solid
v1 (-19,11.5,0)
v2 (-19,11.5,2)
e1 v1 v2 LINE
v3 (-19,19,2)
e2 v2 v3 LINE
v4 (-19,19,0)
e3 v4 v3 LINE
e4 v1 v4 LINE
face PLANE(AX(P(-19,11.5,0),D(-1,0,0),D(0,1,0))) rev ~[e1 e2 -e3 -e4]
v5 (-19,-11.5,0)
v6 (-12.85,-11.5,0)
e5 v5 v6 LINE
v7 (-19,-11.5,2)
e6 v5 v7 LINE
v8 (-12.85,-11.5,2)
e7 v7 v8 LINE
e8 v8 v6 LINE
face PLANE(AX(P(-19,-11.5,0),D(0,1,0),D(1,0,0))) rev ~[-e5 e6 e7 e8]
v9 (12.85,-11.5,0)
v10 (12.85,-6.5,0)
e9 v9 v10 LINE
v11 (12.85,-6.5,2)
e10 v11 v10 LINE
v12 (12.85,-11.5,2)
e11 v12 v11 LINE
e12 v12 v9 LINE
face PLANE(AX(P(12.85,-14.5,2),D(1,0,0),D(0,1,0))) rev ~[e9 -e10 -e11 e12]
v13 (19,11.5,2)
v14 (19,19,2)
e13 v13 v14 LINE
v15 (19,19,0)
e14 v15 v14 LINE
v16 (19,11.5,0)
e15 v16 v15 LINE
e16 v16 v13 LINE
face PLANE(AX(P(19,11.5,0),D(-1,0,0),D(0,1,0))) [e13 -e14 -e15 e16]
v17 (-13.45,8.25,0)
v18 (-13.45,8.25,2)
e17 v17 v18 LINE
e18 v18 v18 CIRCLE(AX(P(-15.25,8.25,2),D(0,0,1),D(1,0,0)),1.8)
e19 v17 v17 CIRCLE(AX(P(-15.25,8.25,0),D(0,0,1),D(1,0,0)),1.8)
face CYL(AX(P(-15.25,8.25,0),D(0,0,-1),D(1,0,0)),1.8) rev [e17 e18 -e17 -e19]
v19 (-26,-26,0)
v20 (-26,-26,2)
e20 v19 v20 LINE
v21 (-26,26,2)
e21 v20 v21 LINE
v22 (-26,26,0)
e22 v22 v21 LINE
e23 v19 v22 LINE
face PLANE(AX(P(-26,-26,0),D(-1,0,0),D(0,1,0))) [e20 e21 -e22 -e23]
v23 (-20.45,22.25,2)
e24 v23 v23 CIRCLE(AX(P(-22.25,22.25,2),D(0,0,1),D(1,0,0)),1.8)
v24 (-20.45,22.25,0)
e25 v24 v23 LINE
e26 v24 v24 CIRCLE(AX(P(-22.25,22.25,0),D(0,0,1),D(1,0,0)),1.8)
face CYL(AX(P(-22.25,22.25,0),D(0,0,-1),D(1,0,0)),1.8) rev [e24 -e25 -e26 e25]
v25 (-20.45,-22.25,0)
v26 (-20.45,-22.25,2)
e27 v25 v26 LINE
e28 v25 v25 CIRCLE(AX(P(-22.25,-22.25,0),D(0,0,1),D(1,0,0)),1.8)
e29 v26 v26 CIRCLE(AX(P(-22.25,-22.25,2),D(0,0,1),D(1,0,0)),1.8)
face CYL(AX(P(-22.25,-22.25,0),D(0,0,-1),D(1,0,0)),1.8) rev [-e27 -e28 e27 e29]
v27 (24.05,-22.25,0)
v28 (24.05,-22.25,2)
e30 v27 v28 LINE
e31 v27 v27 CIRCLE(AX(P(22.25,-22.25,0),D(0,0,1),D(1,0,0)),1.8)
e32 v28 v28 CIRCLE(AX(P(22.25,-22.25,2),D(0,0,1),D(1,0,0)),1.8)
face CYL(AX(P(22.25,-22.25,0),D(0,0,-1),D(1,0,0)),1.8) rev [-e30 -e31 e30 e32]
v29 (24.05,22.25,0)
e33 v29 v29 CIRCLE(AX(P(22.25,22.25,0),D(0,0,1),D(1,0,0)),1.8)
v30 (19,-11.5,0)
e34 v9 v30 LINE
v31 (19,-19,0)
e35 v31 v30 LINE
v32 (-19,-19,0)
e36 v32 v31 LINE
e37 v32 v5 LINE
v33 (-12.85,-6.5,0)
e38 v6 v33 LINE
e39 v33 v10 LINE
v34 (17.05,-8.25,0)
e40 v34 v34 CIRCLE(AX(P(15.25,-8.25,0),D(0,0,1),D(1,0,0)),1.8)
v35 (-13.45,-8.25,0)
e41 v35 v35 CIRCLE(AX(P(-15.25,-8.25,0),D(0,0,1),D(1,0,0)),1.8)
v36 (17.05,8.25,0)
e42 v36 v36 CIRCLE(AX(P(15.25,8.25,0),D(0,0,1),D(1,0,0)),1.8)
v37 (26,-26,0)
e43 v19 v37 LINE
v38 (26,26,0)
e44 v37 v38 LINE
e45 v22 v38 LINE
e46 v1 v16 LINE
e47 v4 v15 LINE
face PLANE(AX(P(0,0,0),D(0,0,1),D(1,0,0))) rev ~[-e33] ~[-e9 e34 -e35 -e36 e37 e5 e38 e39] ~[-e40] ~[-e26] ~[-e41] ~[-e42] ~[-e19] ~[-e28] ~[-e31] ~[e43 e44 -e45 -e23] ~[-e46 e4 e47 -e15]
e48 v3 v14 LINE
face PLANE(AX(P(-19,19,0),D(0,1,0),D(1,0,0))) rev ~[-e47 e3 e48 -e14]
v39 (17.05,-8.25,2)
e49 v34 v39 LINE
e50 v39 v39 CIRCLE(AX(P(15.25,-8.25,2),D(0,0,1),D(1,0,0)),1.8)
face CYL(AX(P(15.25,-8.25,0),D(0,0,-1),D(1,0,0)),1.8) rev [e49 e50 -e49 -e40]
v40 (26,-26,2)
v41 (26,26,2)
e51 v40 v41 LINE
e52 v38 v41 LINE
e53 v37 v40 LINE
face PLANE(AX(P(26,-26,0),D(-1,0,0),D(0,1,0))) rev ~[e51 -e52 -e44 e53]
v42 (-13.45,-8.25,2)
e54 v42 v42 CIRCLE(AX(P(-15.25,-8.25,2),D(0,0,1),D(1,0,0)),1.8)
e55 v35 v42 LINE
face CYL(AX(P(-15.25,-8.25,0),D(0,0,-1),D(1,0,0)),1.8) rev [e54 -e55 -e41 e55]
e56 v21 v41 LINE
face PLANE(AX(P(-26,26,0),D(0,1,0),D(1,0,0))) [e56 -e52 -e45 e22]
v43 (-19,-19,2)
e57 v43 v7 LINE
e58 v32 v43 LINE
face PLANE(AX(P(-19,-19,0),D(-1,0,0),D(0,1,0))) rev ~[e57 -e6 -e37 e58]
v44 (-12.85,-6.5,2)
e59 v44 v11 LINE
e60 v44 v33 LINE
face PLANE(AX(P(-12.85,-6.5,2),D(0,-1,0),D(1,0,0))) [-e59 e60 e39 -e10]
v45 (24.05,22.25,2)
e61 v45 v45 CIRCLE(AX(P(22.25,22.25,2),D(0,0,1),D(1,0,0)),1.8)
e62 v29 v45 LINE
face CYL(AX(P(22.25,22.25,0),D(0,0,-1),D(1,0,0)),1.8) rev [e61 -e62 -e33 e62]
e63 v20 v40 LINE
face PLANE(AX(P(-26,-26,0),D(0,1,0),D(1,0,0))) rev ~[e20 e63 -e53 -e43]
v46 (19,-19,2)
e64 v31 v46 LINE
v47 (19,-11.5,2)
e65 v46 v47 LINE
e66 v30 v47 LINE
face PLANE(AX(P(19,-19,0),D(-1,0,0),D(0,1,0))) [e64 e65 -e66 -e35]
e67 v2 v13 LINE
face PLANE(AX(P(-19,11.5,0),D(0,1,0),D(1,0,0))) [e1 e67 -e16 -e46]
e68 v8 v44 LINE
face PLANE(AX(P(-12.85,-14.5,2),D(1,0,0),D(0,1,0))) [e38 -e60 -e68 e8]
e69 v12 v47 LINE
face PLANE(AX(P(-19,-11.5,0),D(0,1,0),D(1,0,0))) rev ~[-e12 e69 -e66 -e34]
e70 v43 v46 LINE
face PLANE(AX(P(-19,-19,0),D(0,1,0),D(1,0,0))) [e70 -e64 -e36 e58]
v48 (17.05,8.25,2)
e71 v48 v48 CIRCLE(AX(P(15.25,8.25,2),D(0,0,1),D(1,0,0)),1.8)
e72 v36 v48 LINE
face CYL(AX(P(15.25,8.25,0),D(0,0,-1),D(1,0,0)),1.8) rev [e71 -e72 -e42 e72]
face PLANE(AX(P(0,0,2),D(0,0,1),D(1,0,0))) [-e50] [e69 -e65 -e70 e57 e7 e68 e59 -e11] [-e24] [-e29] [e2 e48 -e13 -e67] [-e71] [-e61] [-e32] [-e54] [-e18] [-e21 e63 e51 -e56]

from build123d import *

# Parameters (mm, degrees)
SKETCH_W     = 52
SKETCH_H     = 52
SKETCH_R     = 1.8
SKETCH_W_2   = 38
SKETCH_H_2   = 7.5
PAD_DEPTH    = 2
SKETCH001_W  = 25.7
SKETCH001_H  = 8
POCKET_DEPTH = 5


with BuildPart() as part:
    # Sketch → Pad (new body)
    with BuildSketch(Plane.XY):
        Rectangle(SKETCH_W, SKETCH_H)
        with Locations((22.25, 22.25)):
            Circle(SKETCH_R, mode=Mode.SUBTRACT)
        with Locations((22.25, -22.25)):
            Circle(SKETCH_R, mode=Mode.SUBTRACT)
        with Locations((-22.25, 22.25)):
            Circle(SKETCH_R, mode=Mode.SUBTRACT)
        with Locations((-22.25, -22.25)):
            Circle(SKETCH_R, mode=Mode.SUBTRACT)
        with Locations((15.25, 8.25)):
            Circle(SKETCH_R, mode=Mode.SUBTRACT)
        with Locations((-15.25, 8.25)):
            Circle(SKETCH_R, mode=Mode.SUBTRACT)
        with Locations((-15.25, -8.25)):
            Circle(SKETCH_R, mode=Mode.SUBTRACT)
        with Locations((15.25, -8.25)):
            Circle(SKETCH_R, mode=Mode.SUBTRACT)
        with Locations((0, 15.25)):
            Rectangle(SKETCH_W_2, SKETCH_H_2, mode=Mode.SUBTRACT)
        with Locations((0, -15.25)):
            Rectangle(SKETCH_W_2, SKETCH_H_2, mode=Mode.SUBTRACT)
    extrude(amount=PAD_DEPTH)

    # Sketch001 → Pocket (cut)
    with BuildSketch(Plane.XY.offset(2)):
        with Locations((0, -10.5)):
            Rectangle(SKETCH001_W, SKETCH001_H)
    extrude(amount=-POCKET_DEPTH, mode=Mode.SUBTRACT)


solid = part.part
